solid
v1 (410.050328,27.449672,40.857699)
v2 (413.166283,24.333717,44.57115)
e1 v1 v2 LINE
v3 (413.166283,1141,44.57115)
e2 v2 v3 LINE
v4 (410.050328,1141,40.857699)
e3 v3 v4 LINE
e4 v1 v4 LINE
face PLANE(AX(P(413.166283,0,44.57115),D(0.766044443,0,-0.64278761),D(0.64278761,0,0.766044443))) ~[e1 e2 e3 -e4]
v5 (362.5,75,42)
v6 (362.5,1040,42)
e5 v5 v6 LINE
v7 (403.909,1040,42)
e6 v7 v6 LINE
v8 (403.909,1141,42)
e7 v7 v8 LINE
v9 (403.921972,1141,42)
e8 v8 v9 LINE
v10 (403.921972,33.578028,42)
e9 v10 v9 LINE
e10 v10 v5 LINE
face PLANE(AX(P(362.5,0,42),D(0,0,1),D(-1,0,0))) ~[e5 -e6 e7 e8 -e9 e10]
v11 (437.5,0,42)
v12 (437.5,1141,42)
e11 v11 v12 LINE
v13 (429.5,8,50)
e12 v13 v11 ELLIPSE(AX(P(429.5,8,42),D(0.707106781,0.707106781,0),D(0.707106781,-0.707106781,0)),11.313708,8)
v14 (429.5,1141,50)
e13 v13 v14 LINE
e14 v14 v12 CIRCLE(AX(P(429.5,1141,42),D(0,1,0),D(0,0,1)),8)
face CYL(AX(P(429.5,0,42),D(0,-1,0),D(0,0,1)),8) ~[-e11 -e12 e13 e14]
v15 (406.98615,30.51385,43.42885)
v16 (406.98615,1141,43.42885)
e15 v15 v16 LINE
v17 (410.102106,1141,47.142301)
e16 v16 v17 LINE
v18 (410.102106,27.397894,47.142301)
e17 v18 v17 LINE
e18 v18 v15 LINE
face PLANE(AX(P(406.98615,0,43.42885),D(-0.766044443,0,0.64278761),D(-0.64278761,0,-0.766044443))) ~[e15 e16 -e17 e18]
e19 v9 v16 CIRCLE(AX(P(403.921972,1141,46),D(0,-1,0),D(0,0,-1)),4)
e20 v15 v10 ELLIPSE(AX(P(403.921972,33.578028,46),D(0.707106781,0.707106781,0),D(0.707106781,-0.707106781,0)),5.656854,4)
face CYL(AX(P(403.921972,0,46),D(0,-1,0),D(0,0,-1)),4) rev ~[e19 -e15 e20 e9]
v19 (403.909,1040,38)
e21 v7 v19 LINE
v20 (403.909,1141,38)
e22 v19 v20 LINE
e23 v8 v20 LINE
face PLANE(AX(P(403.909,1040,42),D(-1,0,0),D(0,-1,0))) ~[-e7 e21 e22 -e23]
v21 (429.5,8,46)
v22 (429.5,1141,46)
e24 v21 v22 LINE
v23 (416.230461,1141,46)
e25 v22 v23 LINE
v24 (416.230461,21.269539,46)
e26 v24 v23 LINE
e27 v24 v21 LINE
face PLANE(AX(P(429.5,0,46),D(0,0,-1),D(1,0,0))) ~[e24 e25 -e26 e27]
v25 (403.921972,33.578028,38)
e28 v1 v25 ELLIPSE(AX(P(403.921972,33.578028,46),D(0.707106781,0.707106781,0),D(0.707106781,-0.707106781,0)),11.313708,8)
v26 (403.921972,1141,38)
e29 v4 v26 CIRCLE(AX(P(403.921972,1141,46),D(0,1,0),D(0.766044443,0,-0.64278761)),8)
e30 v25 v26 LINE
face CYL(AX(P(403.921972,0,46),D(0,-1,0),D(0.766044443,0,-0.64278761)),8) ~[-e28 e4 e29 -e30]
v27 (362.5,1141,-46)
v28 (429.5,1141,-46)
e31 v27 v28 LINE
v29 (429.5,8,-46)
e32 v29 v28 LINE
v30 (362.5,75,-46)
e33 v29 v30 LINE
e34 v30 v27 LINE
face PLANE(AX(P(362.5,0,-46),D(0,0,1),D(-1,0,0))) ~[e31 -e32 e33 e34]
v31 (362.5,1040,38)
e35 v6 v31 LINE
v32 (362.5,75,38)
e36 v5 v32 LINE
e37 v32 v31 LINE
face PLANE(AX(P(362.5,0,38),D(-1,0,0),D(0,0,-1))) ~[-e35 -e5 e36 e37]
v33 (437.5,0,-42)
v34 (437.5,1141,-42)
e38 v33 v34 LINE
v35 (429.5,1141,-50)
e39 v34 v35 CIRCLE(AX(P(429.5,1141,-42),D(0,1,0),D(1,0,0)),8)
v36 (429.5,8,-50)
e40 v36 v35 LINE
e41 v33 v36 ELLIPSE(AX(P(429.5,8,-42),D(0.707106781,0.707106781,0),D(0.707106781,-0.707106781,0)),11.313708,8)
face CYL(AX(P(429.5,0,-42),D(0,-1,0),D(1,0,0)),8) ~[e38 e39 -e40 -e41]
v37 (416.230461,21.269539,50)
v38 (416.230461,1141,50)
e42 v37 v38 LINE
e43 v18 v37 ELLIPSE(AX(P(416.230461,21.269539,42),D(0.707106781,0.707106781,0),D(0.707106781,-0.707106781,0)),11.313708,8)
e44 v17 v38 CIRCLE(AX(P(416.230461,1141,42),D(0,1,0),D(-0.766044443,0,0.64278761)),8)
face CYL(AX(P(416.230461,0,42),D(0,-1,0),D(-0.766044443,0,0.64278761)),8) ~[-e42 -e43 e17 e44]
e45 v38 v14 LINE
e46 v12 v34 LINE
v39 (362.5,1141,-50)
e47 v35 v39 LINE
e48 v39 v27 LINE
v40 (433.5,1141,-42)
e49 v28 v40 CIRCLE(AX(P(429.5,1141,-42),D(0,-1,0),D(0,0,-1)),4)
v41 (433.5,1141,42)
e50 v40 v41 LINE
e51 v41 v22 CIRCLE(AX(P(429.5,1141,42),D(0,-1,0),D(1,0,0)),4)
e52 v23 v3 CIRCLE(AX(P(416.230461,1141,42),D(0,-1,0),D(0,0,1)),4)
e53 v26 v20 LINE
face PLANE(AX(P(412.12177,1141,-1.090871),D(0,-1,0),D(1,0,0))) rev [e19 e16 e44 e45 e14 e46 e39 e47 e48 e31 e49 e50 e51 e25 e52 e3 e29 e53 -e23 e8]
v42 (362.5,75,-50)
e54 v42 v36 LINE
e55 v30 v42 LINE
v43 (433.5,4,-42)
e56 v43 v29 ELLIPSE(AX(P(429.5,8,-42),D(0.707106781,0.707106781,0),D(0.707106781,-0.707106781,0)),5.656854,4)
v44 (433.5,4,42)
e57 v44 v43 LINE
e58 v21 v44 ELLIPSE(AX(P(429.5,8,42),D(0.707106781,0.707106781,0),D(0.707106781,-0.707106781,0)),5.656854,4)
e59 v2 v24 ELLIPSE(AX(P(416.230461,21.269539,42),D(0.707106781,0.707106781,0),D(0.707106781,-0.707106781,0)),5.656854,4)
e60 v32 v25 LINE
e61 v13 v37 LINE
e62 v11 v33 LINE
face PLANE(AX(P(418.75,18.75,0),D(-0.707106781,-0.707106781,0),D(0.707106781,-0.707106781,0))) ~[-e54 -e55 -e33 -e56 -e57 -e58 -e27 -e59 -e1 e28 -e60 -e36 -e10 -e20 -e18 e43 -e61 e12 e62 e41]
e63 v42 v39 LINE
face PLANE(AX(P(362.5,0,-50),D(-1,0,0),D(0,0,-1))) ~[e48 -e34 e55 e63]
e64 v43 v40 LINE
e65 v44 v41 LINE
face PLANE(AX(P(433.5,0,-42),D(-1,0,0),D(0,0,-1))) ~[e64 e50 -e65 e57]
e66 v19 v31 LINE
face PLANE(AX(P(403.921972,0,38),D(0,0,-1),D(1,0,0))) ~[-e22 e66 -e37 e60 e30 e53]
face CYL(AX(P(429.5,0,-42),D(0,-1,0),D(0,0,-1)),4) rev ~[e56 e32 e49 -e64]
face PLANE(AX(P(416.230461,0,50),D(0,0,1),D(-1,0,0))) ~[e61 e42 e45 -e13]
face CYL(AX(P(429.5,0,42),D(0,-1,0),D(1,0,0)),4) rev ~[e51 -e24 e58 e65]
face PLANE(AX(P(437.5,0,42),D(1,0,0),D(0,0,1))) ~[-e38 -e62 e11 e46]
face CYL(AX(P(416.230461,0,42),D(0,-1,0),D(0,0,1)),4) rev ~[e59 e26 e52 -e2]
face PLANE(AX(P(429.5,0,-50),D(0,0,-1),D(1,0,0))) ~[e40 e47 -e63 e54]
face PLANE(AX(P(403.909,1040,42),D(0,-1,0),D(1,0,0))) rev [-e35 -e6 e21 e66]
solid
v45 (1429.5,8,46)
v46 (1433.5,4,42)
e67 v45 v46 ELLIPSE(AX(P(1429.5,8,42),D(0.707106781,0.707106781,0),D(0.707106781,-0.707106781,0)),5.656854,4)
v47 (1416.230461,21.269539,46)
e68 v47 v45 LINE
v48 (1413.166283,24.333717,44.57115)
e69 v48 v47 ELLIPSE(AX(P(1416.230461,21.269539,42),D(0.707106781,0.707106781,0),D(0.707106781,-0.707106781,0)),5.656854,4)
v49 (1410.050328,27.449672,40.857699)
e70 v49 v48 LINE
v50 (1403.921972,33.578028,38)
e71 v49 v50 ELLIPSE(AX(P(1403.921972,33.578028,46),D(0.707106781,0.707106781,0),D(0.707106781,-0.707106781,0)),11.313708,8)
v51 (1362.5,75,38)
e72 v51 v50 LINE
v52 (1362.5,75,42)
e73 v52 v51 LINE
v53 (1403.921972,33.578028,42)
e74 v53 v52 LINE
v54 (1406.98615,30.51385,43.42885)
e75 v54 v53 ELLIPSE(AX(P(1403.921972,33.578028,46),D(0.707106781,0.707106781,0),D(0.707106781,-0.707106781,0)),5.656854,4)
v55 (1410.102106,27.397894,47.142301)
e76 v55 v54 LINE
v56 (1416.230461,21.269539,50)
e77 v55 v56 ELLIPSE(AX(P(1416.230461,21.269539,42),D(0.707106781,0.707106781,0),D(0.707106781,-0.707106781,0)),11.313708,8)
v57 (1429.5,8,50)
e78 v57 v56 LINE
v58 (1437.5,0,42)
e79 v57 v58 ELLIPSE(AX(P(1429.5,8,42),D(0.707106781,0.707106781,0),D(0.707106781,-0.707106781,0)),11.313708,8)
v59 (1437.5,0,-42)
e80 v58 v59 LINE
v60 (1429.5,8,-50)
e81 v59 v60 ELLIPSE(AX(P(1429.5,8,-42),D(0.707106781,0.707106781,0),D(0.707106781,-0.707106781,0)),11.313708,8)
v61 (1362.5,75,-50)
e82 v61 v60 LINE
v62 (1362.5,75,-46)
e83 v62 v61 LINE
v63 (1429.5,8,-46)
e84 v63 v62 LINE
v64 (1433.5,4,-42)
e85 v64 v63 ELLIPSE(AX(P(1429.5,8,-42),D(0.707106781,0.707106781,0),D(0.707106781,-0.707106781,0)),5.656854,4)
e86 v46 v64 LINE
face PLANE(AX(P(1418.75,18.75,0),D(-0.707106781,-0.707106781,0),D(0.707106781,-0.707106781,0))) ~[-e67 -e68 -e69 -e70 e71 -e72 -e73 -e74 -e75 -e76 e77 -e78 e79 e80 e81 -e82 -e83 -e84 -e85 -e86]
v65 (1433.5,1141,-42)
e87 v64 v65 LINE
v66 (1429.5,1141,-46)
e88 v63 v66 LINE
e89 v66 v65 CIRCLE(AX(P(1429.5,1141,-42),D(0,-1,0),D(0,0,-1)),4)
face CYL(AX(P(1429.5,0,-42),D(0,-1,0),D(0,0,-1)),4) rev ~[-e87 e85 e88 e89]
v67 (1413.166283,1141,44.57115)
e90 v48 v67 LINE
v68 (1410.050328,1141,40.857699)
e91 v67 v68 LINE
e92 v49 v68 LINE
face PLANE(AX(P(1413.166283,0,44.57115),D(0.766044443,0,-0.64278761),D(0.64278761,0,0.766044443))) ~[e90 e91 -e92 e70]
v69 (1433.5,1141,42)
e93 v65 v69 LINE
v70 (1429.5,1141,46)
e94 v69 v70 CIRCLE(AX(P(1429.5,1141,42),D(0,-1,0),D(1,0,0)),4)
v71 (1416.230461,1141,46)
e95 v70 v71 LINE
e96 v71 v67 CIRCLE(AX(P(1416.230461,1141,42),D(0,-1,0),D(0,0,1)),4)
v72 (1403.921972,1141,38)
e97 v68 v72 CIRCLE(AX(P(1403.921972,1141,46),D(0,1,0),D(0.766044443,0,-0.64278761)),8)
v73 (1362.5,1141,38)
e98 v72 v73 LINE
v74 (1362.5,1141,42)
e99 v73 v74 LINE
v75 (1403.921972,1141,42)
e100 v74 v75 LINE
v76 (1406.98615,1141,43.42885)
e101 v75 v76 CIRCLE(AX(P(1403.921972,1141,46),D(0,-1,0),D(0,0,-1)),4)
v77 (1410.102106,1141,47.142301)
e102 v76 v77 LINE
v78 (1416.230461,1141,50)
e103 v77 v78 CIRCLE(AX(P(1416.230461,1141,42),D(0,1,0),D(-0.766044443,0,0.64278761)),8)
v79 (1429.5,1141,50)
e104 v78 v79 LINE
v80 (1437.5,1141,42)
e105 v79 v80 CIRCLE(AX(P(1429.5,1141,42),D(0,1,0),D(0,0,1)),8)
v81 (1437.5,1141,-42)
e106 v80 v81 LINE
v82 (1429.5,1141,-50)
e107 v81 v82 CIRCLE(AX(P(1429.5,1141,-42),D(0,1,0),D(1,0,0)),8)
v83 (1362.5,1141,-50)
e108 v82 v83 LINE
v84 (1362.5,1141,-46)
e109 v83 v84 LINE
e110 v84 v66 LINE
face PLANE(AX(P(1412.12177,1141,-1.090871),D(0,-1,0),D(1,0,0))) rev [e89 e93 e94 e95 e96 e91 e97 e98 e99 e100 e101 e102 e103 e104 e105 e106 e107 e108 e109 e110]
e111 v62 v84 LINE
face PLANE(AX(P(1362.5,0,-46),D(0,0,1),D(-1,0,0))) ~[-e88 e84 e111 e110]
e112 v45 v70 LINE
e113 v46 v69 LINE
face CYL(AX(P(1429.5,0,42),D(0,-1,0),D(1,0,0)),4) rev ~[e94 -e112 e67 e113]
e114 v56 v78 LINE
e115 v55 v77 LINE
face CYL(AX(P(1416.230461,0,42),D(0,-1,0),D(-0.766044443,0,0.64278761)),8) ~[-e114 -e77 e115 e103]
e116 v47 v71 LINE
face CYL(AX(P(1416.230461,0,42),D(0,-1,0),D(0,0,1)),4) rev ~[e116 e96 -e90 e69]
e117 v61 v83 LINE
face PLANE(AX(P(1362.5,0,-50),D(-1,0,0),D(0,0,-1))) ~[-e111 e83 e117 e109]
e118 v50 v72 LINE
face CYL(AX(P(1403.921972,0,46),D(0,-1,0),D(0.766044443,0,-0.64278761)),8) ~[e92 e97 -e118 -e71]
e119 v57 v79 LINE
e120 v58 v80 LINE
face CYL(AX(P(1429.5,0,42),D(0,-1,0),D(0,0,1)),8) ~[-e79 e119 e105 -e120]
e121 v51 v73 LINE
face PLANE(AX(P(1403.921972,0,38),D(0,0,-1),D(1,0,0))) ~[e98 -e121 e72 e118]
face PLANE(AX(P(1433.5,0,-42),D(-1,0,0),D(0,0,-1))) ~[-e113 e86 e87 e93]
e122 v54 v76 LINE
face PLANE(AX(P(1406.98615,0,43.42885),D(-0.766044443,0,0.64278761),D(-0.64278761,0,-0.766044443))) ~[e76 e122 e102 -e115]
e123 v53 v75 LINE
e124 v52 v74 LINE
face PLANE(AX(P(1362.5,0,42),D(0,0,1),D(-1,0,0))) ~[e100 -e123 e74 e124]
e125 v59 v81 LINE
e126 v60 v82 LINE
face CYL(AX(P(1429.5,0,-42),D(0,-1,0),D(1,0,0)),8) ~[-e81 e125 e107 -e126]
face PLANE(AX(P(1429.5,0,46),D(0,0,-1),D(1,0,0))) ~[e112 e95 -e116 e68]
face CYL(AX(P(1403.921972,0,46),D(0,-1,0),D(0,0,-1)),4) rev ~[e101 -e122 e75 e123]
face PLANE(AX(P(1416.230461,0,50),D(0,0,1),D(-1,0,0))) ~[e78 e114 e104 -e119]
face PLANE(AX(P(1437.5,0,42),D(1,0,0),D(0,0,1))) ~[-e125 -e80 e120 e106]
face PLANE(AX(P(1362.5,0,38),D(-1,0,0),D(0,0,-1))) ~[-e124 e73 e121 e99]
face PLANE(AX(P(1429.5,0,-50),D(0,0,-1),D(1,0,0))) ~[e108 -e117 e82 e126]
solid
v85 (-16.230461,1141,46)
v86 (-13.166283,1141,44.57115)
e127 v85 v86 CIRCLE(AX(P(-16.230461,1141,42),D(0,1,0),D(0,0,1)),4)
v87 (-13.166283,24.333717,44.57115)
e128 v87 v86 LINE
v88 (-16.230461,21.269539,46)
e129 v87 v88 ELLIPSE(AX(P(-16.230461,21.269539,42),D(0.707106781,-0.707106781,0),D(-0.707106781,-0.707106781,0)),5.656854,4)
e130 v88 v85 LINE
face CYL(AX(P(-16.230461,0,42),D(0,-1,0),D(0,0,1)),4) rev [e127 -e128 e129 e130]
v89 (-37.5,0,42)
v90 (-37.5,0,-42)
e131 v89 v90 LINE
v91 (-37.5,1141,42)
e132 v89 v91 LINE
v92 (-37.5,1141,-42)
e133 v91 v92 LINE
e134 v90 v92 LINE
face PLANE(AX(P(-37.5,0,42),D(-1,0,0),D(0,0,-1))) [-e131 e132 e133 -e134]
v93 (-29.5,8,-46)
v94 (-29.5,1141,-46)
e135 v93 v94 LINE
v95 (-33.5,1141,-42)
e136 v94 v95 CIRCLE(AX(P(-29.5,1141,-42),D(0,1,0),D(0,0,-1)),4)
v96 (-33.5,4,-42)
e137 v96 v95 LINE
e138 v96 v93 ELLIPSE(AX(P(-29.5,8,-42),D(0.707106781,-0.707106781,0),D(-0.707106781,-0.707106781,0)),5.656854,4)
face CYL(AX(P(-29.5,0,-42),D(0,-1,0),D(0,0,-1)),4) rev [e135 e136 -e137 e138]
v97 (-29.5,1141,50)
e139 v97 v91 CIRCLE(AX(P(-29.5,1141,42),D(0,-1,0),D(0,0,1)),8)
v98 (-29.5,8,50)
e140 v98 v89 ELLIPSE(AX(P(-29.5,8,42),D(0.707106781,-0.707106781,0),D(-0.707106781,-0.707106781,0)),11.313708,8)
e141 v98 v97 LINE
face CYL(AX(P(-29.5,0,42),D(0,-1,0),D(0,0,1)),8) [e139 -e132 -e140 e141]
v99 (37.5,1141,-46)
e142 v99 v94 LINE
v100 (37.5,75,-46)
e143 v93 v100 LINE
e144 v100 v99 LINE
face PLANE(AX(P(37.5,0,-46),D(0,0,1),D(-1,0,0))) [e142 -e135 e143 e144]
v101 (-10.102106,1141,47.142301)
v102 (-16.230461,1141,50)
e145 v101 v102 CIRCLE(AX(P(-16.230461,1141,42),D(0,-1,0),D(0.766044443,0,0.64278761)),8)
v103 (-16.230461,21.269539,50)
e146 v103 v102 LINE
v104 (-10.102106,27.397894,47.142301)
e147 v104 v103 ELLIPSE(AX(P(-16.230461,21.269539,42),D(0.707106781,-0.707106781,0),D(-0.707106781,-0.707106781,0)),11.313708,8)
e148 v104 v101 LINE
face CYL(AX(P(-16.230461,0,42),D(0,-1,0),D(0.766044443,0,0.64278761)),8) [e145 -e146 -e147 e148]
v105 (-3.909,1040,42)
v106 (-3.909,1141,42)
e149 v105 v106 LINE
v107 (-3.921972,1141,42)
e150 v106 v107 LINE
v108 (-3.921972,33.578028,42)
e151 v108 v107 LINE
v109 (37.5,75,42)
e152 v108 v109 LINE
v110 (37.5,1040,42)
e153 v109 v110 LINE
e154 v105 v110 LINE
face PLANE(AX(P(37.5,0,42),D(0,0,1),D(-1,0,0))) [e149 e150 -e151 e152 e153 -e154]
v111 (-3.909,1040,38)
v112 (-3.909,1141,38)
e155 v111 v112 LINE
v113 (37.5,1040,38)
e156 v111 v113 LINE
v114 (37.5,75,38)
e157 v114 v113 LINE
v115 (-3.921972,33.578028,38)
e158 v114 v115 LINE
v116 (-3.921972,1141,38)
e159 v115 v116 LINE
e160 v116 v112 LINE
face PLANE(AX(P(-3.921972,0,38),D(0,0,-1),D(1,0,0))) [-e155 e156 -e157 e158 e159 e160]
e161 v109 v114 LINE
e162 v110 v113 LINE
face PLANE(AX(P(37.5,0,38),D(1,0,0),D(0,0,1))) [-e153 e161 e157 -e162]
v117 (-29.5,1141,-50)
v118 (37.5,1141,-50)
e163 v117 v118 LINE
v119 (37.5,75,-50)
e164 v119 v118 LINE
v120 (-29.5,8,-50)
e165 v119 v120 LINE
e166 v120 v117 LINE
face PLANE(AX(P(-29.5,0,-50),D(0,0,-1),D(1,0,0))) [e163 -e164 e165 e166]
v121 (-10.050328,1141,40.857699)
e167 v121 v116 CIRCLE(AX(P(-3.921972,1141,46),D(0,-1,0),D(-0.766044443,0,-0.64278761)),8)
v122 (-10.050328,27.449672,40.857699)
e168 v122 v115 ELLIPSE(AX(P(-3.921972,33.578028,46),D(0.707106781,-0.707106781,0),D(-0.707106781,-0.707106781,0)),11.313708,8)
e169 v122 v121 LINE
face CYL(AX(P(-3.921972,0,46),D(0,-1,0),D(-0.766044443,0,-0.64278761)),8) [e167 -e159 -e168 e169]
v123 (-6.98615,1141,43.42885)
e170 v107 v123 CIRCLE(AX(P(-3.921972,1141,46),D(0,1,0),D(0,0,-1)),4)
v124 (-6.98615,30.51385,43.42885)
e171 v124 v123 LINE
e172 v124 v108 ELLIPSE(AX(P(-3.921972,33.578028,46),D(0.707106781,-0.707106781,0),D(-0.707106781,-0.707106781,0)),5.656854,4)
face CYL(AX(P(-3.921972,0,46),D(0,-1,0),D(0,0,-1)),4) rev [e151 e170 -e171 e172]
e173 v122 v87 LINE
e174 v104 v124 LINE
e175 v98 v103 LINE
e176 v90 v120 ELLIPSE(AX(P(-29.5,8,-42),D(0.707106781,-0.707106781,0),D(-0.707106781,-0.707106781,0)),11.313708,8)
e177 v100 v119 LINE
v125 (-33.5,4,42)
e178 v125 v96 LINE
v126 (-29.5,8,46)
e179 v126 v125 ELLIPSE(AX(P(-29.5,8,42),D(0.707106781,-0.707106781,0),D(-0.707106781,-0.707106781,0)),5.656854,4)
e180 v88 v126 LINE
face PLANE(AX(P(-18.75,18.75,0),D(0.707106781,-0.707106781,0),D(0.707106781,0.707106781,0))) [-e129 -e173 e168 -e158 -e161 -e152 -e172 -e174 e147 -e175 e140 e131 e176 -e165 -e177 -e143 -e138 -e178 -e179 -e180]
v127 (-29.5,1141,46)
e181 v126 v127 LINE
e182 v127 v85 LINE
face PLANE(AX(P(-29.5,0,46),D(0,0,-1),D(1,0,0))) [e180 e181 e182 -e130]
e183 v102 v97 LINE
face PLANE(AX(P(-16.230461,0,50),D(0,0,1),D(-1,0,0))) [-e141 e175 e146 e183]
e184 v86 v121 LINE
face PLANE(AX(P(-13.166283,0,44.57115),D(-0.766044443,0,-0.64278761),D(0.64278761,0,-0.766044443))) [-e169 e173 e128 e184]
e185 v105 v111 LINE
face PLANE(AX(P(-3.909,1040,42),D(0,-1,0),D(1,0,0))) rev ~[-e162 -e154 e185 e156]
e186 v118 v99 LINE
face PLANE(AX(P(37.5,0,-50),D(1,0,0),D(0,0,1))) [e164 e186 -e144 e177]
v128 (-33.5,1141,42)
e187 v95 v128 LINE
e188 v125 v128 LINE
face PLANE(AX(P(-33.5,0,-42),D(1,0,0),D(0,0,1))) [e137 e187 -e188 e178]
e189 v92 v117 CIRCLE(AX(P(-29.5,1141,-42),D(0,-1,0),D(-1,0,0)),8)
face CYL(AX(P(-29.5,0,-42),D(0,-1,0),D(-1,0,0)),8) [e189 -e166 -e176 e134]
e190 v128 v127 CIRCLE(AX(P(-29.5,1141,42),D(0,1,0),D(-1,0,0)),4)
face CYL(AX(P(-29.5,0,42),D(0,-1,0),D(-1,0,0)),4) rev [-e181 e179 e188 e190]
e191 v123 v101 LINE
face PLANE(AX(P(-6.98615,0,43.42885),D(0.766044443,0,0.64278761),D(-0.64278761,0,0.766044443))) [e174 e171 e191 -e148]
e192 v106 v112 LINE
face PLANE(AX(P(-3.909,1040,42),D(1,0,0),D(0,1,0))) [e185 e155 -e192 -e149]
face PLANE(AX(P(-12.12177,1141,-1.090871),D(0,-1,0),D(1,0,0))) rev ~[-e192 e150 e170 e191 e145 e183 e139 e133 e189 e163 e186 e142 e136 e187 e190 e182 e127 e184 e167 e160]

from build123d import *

# Parameters (mm, degrees)
F1_DEPTH  = 1141
F4_W      = 350
F4_H      = 150
F5_DEPTH  = 150
F11_W     = 41.409
F11_H     = 101
F12_DEPTH = 4


with BuildPart() as f1:
    # F0 (on Front) → F1 (new body)
    with BuildSketch(Plane.XZ):
        with BuildLine():
            ThreePointArc((-37.5, -42), (-35.1568542495, -47.6568542495), (-29.5, -50))
            Line((-29.5, -50), (37.5, -50))
            Line((37.5, -50), (37.5, -46))
            Line((37.5, -46), (-29.5, -46))
            ThreePointArc((-29.5, -46), (-32.3284271247, -44.8284271247), (-33.5, -42))
            Line((-33.5, -42), (-33.5, 42))
            ThreePointArc((-33.5, 42), (-32.3284271247, 44.8284271247), (-29.5, 46))
            Line((-29.5, 46), (-16.2304612652, 46))
            ThreePointArc((-16.2304612652, 46), (-14.5399882183, 45.6252311481), (-13.1662834928, 44.5711504387))
            Line((-13.1662834928, 44.5711504387), (-10.0503278629, 40.8576991225))
            ThreePointArc((-10.0503278629, 40.8576991225), (-7.3029184119, 38.7495377037), (-3.921972318, 38))
            Line((-3.921972318, 38), (37.5, 38))
            Line((37.5, 38), (37.5, 42))
            Line((37.5, 42), (-3.921972318, 42))
            ThreePointArc((-3.921972318, 42), (-5.6124453649, 42.3747688519), (-6.9861500904, 43.4288495613))
            Line((-6.9861500904, 43.4288495613), (-10.1021057203, 47.1423008775))
            ThreePointArc((-10.1021057203, 47.1423008775), (-12.8495151713, 49.2504622963), (-16.2304612652, 50))
            Line((-16.2304612652, 50), (-29.5, 50))
            ThreePointArc((-29.5, 50), (-35.1568542495, 47.6568542495), (-37.5, 42))
            Line((-37.5, 42), (-37.5, -42))
        make_face()
    extrude(amount=-F1_DEPTH)

    # F4 (on face) → F5 (cut)
    with BuildSketch(Plane(origin=(-18.75, 18.75, 0), x_dir=(0.7071067812, 0.7071067812, 0), z_dir=(0.7071067812, -0.7071067812, 0))):
        Rectangle(F4_W, F4_H)
    extrude(amount=F5_DEPTH, mode=Mode.SUBTRACT)


with BuildPart() as f7_1:
    # F7: instance of F1
    add(f1.part.mirror(Plane.YZ.offset(200)))

    # F8: F1 across plane
    add(f1.part.mirror(Plane.YZ.offset(200)))

    # F13: F1 across plane


with BuildPart() as f10_1:
    # F10: instance of F1
    add(f1.part.mirror(Plane.YZ.offset(700)))


with BuildPart() as f1_1:
    add(f1.part)

    # F11 (on face) → F12 (cut)
    with BuildSketch(Plane.XY.offset(42)):
        with Locations((16.7955, 1090.5)):
            Rectangle(F11_W, F11_H)
    extrude(amount=-F12_DEPTH, mode=Mode.SUBTRACT)


with BuildPart() as f7_1_1:
    add(f7_1.part)
    add(f1_1.part.mirror(Plane.YZ.offset(200)), mode=Mode.INTERSECT)


solid = Compound([f10_1.part, f1_1.part, f7_1_1.part])
